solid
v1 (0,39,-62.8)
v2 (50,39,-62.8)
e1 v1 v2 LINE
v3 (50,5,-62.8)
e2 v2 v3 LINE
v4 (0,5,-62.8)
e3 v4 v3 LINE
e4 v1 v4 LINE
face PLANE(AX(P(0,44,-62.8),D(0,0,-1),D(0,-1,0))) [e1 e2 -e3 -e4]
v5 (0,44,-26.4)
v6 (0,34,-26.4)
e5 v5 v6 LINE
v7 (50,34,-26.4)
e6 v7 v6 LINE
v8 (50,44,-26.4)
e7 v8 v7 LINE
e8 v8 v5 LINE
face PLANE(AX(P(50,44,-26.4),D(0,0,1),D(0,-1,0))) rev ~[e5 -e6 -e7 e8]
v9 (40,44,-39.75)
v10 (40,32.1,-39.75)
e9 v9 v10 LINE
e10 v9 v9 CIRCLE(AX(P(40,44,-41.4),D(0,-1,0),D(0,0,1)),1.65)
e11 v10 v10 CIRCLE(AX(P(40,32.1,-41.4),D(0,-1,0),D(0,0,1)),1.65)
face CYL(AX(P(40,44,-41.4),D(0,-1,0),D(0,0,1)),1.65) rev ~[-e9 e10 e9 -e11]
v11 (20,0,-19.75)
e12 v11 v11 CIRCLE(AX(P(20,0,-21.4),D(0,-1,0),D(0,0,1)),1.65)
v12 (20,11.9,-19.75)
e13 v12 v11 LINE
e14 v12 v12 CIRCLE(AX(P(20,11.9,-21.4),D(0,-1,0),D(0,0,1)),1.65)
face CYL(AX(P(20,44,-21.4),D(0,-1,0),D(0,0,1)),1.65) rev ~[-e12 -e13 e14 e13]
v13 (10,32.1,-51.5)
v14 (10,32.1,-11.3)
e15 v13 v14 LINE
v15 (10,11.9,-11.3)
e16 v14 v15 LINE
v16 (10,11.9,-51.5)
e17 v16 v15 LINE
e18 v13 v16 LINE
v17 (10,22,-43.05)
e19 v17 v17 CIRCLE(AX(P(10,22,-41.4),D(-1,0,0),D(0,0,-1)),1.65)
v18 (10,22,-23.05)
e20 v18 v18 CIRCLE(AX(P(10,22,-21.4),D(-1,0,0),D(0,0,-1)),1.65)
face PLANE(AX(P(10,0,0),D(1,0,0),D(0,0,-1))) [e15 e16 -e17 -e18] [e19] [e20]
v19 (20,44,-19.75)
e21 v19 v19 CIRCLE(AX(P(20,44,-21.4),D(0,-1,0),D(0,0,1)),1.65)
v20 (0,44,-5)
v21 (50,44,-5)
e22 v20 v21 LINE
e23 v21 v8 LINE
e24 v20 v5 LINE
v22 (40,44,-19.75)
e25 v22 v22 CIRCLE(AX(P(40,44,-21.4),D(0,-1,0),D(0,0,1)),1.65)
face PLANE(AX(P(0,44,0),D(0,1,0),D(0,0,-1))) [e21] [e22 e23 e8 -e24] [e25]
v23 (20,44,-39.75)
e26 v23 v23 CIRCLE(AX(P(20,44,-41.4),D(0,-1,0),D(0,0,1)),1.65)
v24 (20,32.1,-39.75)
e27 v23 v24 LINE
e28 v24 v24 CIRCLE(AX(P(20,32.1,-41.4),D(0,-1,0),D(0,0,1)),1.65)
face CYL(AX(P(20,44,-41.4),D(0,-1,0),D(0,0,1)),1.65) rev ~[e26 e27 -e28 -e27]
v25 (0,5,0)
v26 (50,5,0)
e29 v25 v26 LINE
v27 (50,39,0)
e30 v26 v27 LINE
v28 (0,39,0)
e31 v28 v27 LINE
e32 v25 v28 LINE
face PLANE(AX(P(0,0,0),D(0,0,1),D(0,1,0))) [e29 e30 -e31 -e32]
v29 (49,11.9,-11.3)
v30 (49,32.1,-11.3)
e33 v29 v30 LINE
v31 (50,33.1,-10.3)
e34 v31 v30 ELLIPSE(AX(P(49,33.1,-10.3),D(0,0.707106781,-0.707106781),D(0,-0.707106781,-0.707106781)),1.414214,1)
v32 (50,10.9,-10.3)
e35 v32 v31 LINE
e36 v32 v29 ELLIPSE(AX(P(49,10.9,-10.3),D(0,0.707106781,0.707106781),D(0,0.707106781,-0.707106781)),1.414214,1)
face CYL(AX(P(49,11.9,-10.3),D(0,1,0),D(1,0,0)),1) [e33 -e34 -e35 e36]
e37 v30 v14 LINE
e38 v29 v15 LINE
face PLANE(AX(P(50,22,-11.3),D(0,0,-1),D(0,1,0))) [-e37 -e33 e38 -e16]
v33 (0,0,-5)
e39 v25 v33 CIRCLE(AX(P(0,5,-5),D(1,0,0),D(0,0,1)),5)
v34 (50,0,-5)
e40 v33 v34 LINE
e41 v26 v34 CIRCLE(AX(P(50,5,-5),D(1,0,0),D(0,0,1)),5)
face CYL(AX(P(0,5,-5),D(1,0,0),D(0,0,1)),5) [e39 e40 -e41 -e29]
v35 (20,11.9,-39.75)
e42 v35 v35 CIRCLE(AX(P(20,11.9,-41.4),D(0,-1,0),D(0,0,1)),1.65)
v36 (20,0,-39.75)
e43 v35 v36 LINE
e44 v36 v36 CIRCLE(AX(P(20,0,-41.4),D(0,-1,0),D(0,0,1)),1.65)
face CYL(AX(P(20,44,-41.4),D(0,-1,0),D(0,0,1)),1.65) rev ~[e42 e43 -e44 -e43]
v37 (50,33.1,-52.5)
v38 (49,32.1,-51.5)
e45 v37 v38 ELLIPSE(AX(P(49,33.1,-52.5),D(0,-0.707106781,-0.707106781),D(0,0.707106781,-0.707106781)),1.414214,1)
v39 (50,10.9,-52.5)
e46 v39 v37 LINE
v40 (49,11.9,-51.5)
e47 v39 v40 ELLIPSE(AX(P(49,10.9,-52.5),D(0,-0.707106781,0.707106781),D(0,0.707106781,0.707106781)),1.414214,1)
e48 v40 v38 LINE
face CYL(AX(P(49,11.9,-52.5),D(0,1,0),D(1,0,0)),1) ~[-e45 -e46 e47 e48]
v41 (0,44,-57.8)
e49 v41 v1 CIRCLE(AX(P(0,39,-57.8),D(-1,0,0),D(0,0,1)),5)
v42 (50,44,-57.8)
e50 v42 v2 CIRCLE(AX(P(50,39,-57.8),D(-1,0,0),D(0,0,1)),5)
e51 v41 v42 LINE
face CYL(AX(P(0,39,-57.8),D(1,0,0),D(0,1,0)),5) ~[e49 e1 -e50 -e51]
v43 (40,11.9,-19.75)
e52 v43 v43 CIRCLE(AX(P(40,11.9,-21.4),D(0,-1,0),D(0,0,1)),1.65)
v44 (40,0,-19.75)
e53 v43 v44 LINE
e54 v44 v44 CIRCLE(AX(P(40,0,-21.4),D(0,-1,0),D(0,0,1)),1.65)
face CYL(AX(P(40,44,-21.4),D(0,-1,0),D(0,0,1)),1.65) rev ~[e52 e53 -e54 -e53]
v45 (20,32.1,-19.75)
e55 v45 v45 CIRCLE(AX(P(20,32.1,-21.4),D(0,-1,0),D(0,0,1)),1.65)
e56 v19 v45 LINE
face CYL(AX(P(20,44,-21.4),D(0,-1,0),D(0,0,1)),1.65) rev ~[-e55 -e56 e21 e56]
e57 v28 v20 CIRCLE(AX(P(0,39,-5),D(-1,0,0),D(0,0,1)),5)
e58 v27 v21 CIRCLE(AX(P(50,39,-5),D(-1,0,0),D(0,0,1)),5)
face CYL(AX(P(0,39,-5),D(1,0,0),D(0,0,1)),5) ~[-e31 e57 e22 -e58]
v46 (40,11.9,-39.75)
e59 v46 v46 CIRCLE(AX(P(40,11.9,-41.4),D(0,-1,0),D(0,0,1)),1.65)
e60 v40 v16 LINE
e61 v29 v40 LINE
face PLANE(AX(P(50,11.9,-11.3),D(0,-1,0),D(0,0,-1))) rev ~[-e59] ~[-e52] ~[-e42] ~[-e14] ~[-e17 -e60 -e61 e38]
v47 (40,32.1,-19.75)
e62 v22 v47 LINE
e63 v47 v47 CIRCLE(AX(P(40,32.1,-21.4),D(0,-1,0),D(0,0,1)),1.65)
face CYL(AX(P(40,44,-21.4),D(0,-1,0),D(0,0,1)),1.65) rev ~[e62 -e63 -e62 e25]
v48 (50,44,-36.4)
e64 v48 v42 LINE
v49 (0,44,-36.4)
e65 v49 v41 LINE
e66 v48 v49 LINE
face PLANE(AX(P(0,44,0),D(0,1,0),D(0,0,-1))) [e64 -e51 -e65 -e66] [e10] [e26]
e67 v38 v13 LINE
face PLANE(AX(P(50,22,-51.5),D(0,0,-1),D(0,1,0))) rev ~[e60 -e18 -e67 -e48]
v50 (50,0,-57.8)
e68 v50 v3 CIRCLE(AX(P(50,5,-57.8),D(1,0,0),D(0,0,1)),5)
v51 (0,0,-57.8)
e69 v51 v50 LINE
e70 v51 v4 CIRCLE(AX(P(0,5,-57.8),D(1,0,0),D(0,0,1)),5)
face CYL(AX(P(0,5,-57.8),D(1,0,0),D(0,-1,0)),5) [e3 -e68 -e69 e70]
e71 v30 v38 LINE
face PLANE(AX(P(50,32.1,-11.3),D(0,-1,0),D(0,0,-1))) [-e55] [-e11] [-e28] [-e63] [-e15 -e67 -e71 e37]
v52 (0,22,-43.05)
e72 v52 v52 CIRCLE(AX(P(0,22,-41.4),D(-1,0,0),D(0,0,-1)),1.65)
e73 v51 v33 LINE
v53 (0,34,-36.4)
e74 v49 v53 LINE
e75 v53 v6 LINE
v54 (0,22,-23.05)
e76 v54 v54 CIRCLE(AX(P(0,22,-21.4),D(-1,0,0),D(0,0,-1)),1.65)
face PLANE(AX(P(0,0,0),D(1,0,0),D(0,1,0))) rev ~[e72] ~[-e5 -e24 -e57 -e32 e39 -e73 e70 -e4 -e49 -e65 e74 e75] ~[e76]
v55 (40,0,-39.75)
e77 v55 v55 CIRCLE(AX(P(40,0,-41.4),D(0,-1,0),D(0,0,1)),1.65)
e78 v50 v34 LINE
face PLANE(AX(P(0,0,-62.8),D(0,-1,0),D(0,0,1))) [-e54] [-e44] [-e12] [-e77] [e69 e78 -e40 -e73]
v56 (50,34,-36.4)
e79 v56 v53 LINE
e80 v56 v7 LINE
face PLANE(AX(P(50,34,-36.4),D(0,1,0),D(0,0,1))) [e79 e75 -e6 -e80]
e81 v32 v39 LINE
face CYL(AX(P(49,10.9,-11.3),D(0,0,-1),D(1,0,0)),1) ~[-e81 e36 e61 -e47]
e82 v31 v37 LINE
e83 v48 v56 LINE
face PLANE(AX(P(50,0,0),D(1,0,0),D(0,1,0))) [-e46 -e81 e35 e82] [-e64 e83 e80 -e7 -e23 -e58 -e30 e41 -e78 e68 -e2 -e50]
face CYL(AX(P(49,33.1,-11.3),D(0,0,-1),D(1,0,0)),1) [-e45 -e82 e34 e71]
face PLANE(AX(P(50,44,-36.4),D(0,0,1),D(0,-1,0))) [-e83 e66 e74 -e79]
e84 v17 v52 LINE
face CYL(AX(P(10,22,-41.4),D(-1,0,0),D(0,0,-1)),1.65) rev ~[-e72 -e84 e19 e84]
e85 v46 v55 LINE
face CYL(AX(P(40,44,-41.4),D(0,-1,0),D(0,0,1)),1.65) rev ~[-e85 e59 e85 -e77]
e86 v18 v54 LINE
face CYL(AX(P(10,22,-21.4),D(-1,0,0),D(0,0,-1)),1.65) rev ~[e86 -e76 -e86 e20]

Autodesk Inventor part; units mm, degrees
ref_plane "YZ Plane" through (0, 0, 0) normal (1, 0, 0) x (0, 1, 0)
ref_plane "XZ Plane" through (0, 0, 0) normal (0, 1, 0) x (-1, 0, 0)
ref_plane "XY Plane" through (0, 0, 0) normal (0, 0, 1) x (1, 0, 0)
sketch "スケッチ1" plane through (0, 0, 0) normal (1, 0, 0) x (0, 1, 0)
  line L0 (0, 0) -> (44, 0)
  line L1 (44, 0) -> (44, -62.8)
  line L2 (44, -62.8) -> (0, -62.8)
  line L3 (0, -62.8) -> (0, 0)
  dimension "d0" = 44
  dimension "d1" = 62.8
extrude "押し出し1" add sketch "スケッチ1" along normal blind 50
sketch "スケッチ2" plane through (50, 0, 0) normal (1, 0, 0) x (0, 0, -1)
  line L0 (0, 44) -> (0, 0) projected
  line L1 (0, 22) -> (62.8, 22)
  line L2 (62.8, 0) -> (62.8, 44) projected
  line L3 (62.8, 44) -> (0, 44) projected
  line L4 (31.4, 44) -> (31.4, 0)
  line L5 (0, 0) -> (62.8, 0) projected
  line L6 (31.4, 22) -> (51.5, 22)
  line L7 (51.5, 22) -> (51.5, 32.1)
  line L8 (51.5, 32.1) -> (31.4, 32.1)
  line L9 (31.4, 32.1) -> (31.4, 22)
  line L10 (11.3, 22) -> (11.3, 32.1)
  line L11 (11.3, 32.1) -> (31.4, 32.1)
  line L12 (51.5, 22) -> (51.5, 11.9)
  line L13 (51.5, 11.9) -> (31.4, 11.9)
  line L14 (11.3, 11.9) -> (31.4, 11.9)
  line L15 (11.3, 22) -> (11.3, 11.9)
  dimension "d4" = 20.1
  dimension "d5" = 10.1
extrude "押し出し2" cut sketch "スケッチ2" against normal blind 40 contours L10 L11 L4 L1 | L1 L4 L14 L15 | L8 L7 L1 L4 | L1 L12 L13 L4
sketch "スケッチ3" plane through (0, 44, 0) normal (0, 1, 0) x (1, 0, 0)
  line L0 (0, 0) -> (50, 0) projected
  line L1 (10, 0) -> (10, 62.8)
  line L2 (0, 62.8) -> (50, 62.8) projected
  line L3 (0, 62.8) -> (0, 0) projected
  line L4 (0, 31.4) -> (50, 31.4)
  line L5 (50, 0) -> (50, 62.8) projected
  line L6 (10, 41.4) -> (50, 41.4)
  point P0 (20, 41.4)
  point P1 (40, 41.4)
  point P2 (20, 21.4)
  point P3 (40, 21.4)
  dimension "d8" = 10
  dimension "d9" = 10
  dimension "d10" = 10
  dimension "d11" = 20
hole "穴1" at (20, 44, -41.4) at (40, 44, -41.4) at (20, 44, -21.4) at (40, 44, -21.4) direction (0, -1, 0) diameter 3.3 end through all
fillet "フィレット1" radius 5 4 edges at (25, 44, 0) (25, 0, 0) (25, 0, -62.8) (25, 44, -62.8)
sketch "スケッチ4" plane through (10, 0, 0) normal (1, 0, 0) x (0, 0, -1)
  line L0 (11.3, 11.9) -> (11.3, 32.1) projected
  line L1 (11.3, 22) -> (51.5, 22)
  line L2 (51.5, 32.1) -> (51.5, 11.9) projected
  line L3 (11.3, 32.1) -> (51.5, 32.1) projected
  line L4 (31.4, 32.1) -> (31.4, 11.9)
  line L5 (51.5, 11.9) -> (11.3, 11.9) projected
  point P0 (0, 0)
  point P1 (41.4, 22)
  point P2 (21.4, 22)
  dimension "d20" = 10
hole "穴2" at (10, 22, -41.4) at (10, 22, -21.4) direction (-1, 0, 0) diameter 3.3 end through all
fillet "フィレット2" radius 1 4 edges at (50, 22, -51.5) (50, 11.9, -31.4) (50, 32.1, -31.4) (50, 22, -11.3)
sketch "スケッチ5" plane through (50, 0, 0) normal (1, 0, 0) x (0, 0, -1)
  line L0 (57.8, 44) -> (5, 44) projected
  line L1 (31.4, 44) -> (31.4, 33.1)
  line L2 (52.5, 33.1) -> (10.3, 33.1) projected
  line L3 (31.4, 44) -> (36.4, 44)
  line L4 (36.4, 44) -> (36.4, 34)
  line L5 (36.4, 34) -> (31.4, 34)
  line L6 (31.4, 34) -> (31.4, 44)
  line L7 (26.4, 44) -> (26.4, 34)
  line L8 (26.4, 34) -> (31.4, 34)
  point P0 (0, 0)
  point P1 (26.4, 44)
  dimension "d29" = 10
  dimension "d30" = 5
extrude "押し出し3" cut sketch "スケッチ5" against normal blind 100
properties part number "framefixpart1_forearm"
